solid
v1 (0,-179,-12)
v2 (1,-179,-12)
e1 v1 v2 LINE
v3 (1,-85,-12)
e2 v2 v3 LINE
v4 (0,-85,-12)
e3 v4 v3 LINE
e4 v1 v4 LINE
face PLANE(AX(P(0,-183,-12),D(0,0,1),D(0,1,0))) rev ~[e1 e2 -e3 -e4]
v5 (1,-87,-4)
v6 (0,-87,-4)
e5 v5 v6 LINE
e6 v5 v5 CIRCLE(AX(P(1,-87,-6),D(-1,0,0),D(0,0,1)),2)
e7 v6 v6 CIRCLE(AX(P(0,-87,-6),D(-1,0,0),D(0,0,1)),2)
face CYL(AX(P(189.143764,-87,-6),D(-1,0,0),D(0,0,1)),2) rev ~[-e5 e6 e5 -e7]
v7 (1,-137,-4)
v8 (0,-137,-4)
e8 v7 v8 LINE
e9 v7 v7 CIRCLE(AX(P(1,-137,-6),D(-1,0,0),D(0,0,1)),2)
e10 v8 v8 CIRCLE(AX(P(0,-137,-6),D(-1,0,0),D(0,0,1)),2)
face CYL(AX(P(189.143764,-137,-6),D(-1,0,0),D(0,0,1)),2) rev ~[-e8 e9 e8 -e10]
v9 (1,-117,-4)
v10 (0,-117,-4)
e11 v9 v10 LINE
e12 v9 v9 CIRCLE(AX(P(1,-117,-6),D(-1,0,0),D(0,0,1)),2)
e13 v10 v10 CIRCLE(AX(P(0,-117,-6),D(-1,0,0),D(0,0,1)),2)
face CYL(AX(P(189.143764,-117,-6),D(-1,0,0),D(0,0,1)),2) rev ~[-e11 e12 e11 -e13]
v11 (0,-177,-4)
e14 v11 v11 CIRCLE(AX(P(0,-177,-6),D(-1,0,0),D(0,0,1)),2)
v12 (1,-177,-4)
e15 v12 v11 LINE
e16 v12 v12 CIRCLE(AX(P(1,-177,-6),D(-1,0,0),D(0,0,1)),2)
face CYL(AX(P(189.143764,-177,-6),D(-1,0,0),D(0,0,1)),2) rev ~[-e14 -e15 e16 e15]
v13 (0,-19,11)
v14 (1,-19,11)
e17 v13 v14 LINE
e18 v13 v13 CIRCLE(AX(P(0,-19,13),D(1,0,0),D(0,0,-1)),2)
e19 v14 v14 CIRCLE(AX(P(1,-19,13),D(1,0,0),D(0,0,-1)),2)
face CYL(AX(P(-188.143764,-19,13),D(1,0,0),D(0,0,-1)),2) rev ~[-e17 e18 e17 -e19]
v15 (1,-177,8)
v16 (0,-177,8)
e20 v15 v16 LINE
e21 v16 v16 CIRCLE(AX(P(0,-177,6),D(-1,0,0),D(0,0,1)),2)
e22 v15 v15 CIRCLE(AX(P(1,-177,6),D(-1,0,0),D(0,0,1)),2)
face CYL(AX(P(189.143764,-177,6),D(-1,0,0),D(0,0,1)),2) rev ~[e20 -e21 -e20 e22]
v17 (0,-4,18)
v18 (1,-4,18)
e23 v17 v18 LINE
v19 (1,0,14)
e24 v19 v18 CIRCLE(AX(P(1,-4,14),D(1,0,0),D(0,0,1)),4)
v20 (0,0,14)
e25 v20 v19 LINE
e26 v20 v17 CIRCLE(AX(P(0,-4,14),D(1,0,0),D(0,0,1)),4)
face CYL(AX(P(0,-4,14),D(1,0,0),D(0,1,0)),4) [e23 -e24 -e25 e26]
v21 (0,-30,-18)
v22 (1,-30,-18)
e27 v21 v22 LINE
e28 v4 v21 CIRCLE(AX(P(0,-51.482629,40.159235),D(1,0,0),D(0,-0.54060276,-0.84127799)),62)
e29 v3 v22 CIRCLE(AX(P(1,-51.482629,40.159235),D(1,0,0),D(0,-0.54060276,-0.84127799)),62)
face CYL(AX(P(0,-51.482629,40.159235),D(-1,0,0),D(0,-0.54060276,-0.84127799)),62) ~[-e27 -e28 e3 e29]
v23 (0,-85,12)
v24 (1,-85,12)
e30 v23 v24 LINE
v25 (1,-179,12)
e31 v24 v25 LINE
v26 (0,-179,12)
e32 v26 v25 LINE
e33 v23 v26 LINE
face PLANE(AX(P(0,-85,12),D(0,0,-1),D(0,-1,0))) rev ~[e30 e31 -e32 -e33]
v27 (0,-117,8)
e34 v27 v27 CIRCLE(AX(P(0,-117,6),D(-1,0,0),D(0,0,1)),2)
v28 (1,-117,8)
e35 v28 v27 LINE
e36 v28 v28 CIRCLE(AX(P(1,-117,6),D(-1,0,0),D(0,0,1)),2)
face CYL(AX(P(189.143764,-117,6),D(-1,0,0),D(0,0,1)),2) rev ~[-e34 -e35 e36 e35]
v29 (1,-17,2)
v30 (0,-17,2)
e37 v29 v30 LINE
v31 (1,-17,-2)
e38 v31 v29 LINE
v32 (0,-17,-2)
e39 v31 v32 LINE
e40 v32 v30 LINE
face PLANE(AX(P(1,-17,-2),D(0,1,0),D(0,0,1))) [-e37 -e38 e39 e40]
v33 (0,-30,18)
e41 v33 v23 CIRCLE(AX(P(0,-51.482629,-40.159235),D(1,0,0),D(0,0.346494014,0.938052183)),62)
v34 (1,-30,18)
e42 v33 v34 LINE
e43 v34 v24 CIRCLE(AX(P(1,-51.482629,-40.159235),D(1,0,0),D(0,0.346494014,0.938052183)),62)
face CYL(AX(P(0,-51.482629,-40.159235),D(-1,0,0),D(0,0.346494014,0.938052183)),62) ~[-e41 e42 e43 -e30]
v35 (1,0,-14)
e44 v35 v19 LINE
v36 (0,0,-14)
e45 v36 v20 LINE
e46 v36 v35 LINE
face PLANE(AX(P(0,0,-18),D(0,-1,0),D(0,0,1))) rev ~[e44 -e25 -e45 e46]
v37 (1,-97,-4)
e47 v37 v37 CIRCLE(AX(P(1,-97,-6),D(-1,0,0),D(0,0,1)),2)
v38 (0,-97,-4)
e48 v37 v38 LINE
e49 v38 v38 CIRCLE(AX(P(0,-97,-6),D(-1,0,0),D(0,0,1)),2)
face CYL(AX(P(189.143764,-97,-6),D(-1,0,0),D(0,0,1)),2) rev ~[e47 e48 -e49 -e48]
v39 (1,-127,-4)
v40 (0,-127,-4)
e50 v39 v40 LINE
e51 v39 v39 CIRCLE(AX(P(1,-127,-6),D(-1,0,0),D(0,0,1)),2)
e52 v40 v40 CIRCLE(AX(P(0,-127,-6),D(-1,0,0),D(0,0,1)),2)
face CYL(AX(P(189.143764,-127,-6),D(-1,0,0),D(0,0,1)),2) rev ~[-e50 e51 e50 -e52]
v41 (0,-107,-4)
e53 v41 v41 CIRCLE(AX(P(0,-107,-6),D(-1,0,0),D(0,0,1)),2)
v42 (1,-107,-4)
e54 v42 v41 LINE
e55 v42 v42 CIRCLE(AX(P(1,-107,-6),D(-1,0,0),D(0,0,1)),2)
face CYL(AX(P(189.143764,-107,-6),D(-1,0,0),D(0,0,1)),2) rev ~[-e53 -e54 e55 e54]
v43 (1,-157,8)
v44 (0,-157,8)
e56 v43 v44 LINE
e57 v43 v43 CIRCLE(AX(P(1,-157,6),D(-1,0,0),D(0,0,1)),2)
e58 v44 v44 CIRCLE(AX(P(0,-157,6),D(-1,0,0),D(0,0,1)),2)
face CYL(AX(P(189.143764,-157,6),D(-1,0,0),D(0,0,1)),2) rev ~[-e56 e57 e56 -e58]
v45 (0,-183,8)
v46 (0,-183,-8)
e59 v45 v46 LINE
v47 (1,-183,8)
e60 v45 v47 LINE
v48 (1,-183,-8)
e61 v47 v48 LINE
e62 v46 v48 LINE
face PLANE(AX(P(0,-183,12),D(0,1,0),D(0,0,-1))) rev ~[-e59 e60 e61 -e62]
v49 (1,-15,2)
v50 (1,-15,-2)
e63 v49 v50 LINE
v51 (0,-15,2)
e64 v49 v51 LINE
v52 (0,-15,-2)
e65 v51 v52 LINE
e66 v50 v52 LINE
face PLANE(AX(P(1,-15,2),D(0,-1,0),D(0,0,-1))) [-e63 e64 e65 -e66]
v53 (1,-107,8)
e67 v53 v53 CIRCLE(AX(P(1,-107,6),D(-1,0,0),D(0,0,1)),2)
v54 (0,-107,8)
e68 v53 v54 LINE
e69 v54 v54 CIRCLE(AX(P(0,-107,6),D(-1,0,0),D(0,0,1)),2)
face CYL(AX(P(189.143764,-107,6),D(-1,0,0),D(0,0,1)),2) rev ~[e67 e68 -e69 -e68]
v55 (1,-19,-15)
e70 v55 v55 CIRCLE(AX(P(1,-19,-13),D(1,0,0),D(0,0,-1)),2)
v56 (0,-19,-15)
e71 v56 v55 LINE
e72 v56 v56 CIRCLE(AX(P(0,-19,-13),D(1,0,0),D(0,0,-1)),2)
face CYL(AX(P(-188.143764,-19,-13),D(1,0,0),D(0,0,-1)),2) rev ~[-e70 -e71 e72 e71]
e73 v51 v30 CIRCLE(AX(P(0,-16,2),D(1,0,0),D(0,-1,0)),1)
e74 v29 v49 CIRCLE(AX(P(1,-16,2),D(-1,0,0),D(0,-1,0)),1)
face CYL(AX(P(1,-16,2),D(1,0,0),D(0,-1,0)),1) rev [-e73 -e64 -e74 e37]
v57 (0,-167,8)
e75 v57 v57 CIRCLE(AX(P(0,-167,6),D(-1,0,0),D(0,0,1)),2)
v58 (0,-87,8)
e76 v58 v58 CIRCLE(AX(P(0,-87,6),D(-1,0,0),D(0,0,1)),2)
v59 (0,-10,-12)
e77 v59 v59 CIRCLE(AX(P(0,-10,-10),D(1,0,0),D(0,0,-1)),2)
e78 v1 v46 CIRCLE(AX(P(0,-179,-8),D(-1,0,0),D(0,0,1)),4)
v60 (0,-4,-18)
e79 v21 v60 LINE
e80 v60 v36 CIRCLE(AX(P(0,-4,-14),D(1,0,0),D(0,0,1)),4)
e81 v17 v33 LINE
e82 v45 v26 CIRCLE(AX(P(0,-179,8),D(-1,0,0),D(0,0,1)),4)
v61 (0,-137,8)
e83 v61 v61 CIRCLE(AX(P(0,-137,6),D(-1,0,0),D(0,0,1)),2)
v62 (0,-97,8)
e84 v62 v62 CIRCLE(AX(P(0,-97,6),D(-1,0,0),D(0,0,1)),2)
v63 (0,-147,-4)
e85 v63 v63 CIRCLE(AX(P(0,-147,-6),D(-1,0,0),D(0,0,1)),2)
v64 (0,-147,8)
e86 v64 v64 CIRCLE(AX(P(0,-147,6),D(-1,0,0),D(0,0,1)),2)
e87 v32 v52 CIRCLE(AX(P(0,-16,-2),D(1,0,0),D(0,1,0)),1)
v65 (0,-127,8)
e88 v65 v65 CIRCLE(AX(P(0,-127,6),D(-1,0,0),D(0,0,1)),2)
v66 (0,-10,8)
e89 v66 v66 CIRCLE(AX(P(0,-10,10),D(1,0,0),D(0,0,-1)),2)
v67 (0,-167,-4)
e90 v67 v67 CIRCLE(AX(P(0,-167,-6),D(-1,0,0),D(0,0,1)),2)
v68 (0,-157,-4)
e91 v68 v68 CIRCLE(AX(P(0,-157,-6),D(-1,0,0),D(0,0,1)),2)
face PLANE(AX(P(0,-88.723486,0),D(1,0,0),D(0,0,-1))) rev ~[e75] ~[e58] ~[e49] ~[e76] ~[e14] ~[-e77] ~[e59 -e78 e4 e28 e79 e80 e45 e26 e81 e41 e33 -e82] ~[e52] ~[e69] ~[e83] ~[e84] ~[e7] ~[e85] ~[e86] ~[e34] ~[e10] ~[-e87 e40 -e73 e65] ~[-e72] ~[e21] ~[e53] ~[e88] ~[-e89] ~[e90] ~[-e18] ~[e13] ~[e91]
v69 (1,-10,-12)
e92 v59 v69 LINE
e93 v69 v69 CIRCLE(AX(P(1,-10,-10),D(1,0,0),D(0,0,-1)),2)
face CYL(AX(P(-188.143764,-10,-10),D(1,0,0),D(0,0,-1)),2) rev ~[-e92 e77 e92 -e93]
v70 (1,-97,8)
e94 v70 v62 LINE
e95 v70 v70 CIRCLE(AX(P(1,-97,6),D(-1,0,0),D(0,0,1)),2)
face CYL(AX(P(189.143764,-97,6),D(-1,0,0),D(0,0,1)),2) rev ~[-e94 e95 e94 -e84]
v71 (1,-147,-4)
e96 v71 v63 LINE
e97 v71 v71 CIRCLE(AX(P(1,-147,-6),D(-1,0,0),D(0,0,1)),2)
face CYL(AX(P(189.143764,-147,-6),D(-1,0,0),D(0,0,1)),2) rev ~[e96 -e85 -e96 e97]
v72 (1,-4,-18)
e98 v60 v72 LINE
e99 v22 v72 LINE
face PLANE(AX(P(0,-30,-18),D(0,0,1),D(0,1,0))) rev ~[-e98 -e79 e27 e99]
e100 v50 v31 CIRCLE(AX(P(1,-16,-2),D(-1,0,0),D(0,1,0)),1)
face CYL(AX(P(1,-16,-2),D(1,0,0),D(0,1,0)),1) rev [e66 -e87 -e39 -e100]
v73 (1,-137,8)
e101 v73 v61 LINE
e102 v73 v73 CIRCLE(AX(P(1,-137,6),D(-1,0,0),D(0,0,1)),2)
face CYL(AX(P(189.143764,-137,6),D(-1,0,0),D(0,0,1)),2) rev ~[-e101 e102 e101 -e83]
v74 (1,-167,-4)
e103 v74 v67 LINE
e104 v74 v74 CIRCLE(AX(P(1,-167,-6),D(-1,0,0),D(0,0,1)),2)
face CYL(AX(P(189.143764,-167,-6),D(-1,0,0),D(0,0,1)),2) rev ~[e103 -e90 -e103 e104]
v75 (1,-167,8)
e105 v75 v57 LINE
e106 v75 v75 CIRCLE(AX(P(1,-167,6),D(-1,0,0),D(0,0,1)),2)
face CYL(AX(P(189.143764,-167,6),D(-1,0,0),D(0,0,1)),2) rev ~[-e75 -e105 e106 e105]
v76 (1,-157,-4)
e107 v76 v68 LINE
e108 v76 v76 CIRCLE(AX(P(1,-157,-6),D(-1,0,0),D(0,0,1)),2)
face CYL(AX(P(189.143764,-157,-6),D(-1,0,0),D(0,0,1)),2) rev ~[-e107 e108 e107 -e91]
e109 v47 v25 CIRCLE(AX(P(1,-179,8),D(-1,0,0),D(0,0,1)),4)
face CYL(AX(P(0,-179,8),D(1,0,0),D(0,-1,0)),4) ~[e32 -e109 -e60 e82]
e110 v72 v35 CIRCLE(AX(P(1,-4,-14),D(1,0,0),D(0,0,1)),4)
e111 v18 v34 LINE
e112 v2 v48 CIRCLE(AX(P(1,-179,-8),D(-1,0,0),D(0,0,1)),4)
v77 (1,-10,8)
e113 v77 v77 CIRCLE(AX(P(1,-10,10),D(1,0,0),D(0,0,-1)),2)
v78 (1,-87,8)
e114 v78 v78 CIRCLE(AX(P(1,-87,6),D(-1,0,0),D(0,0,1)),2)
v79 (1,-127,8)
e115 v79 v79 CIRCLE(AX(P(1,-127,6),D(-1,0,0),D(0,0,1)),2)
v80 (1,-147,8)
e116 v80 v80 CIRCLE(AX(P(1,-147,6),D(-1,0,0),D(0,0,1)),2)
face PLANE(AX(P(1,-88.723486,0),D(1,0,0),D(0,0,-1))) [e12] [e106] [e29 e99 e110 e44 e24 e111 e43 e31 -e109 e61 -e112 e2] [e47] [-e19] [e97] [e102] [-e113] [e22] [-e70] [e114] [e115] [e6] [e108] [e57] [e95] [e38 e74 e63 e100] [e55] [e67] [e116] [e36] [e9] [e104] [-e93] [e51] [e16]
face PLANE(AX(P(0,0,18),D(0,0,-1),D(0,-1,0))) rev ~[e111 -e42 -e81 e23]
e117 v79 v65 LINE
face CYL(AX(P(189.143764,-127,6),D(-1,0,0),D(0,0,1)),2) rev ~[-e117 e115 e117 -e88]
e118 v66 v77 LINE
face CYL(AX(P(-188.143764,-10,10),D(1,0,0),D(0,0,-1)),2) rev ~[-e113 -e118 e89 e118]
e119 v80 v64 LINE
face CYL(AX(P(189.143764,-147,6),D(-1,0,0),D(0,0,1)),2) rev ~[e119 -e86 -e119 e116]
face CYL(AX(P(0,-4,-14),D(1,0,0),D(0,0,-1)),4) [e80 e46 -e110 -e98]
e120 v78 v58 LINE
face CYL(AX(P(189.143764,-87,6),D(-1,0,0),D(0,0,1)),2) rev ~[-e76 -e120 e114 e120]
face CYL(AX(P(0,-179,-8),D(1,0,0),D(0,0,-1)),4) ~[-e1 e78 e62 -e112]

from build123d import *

# Parameters (mm, degrees)
BOSS_EXTRUDE1_DEPTH      = 1
F_4_0_4_DIAMETER_HOLE3_D = 4
F_4_0_4_DIAMETER_HOLE2_D = 4
CUT_EXTRUDE1_DEPTH       = 185.301435156
F_4_0_4_DIAMETER_HOLE1_D = 4
LPATTERN1_COUNT          = 10
LPATTERN1_PITCH          = 10
FILLET1_R                = 4


with BuildPart() as part:
    # Sketch1 → Boss-Extrude1 (new body)
    with BuildSketch(Plane(origin=(0, 0, 0), x_dir=(0, 0, -1), z_dir=(1, 0, 0))):
        with BuildLine():
            Line((12, -183), (12, -85))
            ThreePointArc((12, -85), (21.475099597, -58.206374501), (18, -30))
            Line((18, -30), (18, 0))
            Line((18, 0), (-18, 0))
            Line((-18, 0), (-18, -30))
            ThreePointArc((-18, -30), (-21.475099597, -58.206374501), (-12, -85))
            Line((-12, -85), (-12, -183))
            Line((-12, -183), (12, -183))
        make_face()
    extrude(amount=BOSS_EXTRUDE1_DEPTH)

    # Ø4.0 (4) Diameter Hole3 (through all)
    with Locations(Plane.ZY):
        with Locations((10, -10), (-10, -10)):
            Hole(F_4_0_4_DIAMETER_HOLE3_D / 2)

    # Ø4.0 (4) Diameter Hole2 (through all)
    with Locations(Plane.ZY):
        with Locations((-13, -19), (13, -19)):
            Hole(F_4_0_4_DIAMETER_HOLE2_D / 2)

    # Sketch10 → Cut-Extrude1 (cut, through all)
    with BuildSketch(Plane(origin=(1, 0, 0), x_dir=(0, 0, -1), z_dir=(1, 0, 0))):
        with BuildLine():
            Line((-2, -15), (2, -15))
            ThreePointArc((2, -15), (3, -16), (2, -17))
            Line((2, -17), (-2, -17))
            ThreePointArc((-2, -17), (-3, -16), (-2, -15))
        make_face()
    extrude(amount=-CUT_EXTRUDE1_DEPTH, mode=Mode.SUBTRACT)

    # Ø4.0 (4) Diameter Hole1 (through all)
    with Locations(Plane(origin=(1, 0, 0), x_dir=(0, 0, -1), z_dir=(1, 0, 0))):
        with Locations((-6, -177), (6, -177)):
            f_4_0_4_diameter_hole1 = Hole(F_4_0_4_DIAMETER_HOLE1_D / 2)

    # LPattern1: Ø4.0 (4) Diameter Hole1 ×10
    with Locations(*[(0, i * LPATTERN1_PITCH, 0) for i in range(1, LPATTERN1_COUNT)]):
        add(f_4_0_4_diameter_hole1, mode=Mode.SUBTRACT)

    # Fillet1
    fillet1_edges = [part.edges().sort_by_distance(p)[0] for p in [
        (0.5, 0, 18),
        (0.5, 0, -18),
        (0.5, -183, -12),
        (0.5, -183, 12),
    ]]
    fillet(fillet1_edges, radius=FILLET1_R)


solid = part.part
